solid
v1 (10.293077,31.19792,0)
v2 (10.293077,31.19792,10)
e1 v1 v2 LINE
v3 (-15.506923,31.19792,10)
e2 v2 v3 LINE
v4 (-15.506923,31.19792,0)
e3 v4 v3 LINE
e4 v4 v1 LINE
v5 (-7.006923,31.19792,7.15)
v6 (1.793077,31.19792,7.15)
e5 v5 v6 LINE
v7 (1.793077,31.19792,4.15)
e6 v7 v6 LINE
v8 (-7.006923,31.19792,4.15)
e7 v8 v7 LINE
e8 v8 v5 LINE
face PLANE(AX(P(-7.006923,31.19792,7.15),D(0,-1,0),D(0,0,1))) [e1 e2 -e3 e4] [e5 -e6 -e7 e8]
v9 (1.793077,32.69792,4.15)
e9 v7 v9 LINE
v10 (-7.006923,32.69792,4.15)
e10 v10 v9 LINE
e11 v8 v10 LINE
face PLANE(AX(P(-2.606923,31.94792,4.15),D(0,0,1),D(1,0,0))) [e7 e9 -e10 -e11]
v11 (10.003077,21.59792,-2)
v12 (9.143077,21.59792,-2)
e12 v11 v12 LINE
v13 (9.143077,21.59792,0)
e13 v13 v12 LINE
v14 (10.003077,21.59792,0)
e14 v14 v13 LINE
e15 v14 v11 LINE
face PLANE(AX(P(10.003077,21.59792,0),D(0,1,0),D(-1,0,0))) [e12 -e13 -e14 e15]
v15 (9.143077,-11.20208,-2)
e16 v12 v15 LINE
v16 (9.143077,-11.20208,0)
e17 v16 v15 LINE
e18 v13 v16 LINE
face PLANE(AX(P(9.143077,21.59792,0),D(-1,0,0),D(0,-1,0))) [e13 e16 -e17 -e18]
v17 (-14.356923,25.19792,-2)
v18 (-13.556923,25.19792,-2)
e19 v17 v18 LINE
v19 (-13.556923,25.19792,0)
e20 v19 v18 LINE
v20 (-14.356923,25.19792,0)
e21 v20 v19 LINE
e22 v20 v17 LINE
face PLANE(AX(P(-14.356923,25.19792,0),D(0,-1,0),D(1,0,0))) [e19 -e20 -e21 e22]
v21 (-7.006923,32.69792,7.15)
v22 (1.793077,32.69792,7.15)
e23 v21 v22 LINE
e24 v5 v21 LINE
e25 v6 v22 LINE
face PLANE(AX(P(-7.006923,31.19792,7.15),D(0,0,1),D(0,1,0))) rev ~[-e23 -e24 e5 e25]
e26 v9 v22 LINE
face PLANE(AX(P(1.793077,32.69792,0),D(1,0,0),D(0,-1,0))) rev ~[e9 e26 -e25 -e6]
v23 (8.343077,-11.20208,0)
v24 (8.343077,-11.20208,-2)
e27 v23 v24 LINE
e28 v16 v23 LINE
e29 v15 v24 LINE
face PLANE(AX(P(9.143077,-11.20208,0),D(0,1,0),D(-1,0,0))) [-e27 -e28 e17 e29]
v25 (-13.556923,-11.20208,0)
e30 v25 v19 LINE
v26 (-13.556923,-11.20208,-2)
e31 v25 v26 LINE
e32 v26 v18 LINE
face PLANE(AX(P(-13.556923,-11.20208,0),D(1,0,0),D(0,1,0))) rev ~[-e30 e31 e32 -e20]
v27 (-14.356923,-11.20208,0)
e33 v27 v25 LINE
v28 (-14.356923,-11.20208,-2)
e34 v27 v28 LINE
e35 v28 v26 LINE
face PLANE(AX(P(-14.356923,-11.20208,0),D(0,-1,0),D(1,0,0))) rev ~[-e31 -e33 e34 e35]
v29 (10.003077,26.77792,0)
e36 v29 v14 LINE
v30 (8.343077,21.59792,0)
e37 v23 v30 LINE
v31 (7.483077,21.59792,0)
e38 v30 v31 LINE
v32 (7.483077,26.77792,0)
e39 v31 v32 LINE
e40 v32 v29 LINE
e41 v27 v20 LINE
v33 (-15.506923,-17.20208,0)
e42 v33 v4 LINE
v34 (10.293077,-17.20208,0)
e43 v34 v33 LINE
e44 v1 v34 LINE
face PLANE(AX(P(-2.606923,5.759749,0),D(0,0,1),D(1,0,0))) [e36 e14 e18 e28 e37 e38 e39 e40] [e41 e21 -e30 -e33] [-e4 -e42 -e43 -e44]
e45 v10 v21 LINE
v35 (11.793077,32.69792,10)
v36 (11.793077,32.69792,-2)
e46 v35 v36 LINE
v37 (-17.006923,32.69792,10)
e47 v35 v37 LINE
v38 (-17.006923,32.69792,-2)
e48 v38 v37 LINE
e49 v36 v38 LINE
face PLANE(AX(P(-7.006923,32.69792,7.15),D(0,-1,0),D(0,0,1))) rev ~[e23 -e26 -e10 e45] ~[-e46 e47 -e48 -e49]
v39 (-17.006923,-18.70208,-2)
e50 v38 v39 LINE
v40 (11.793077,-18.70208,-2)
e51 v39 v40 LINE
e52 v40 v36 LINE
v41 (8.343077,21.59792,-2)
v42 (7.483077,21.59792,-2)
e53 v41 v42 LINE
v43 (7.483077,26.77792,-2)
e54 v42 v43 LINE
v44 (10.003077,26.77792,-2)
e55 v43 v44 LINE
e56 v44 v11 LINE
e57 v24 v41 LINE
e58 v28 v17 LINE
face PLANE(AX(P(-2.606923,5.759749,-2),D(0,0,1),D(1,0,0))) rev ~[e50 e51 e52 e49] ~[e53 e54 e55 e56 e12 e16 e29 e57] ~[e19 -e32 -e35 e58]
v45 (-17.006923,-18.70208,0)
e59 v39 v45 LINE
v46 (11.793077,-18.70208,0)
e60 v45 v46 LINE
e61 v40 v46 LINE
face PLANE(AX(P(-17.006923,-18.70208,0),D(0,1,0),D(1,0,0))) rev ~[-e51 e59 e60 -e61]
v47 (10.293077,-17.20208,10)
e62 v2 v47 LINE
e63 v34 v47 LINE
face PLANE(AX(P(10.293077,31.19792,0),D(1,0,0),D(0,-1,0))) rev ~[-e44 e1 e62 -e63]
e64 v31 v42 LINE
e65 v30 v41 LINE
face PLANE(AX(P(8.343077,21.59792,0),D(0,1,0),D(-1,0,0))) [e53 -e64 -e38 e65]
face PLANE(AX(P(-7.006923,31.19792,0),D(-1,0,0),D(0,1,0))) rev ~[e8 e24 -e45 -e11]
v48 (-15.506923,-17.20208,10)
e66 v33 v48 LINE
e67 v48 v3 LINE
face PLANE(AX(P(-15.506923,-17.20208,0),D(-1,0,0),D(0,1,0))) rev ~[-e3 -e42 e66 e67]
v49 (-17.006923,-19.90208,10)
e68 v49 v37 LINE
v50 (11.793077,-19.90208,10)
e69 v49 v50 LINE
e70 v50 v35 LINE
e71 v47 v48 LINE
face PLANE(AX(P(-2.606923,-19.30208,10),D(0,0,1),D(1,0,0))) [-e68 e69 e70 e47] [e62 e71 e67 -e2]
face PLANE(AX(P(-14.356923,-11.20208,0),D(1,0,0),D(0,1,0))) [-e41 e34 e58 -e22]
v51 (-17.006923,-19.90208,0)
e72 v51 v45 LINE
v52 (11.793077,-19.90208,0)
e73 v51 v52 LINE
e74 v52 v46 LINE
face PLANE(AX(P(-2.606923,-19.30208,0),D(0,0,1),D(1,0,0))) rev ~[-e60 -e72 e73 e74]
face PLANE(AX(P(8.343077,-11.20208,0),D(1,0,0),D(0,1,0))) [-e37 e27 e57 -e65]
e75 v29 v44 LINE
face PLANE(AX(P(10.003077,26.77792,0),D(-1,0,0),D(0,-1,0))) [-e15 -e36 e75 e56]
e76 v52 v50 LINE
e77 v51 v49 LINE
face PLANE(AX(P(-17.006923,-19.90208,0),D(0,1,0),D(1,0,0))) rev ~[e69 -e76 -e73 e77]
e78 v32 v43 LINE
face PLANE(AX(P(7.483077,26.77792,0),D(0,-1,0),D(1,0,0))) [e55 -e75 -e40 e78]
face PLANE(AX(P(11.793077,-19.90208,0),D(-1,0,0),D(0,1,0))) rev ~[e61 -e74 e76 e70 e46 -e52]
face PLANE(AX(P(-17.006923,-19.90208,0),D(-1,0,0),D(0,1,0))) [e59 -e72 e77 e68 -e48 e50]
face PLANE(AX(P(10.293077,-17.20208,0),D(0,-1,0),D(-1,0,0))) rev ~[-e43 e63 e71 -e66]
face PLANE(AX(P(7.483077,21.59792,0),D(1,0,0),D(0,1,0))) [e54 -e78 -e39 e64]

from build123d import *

# Parameters (mm, degrees)
F0_W     = 0.8
F0_H     = 36.4
F0_W_2   = 8.8
F0_H_2   = 1.5
F1_DEPTH = 2
F2_DEPTH = 10
F3_DEPTH = 4.15
F0_H_3   = 3.6
F4_DEPTH = 2
F5_W     = 1.5
F5_H     = 2.85
F6_DEPTH = 8.8
F0_W_3   = 28.8
F0_H_4   = 1.2
F7_DEPTH = 10


with BuildPart() as f1:
    # F0 (on Top) → F1 (new body)
    with BuildSketch(Plane.XY):
        Polygon((-15.506923, -17.20208), (-15.506923, 31.19792), (-7.006923, 31.19792), (-7.006923, 32.69792), (-17.006923, 32.69792), (-17.006923, -18.70208), (11.793077, -18.70208), (11.793077, 32.69792), (1.793077, 32.69792), (1.793077, 31.19792), (10.293077, 31.19792), (10.293077, -17.20208), align=None)
        Polygon((-7.006923, 31.19792), (-15.506923, 31.19792), (-15.506923, -17.20208), (10.293077, -17.20208), (10.293077, 31.19792), (1.793077, 31.19792), align=None)
        with Locations((-13.956923, 6.99792)):
            Rectangle(F0_W, F0_H, mode=Mode.SUBTRACT)
        Polygon((8.343077, -11.20208), (8.343077, 21.59792), (7.483077, 21.59792), (7.483077, 26.77792), (8.743077, 26.77792), (10.003077, 26.77792), (10.003077, 21.59792), (9.143077, 21.59792), (9.143077, -11.20208), align=None, mode=Mode.SUBTRACT)
        with Locations((-2.606923, 31.94792)):
            Rectangle(F0_W_2, F0_H_2)
    extrude(amount=-F1_DEPTH)

    # F0 (on Top) → F2 (join)
    with BuildSketch(Plane.XY):
        Polygon((-15.506923, -17.20208), (-15.506923, 31.19792), (-7.006923, 31.19792), (-7.006923, 32.69792), (-17.006923, 32.69792), (-17.006923, -18.70208), (11.793077, -18.70208), (11.793077, 32.69792), (1.793077, 32.69792), (1.793077, 31.19792), (10.293077, 31.19792), (10.293077, -17.20208), align=None)
    extrude(amount=F2_DEPTH)

    # F0 (on Top) → F3 (join)
    with BuildSketch(Plane.XY):
        with Locations((-2.606923, 31.94792)):
            Rectangle(F0_W_2, F0_H_2)
    extrude(amount=F3_DEPTH)

    # F0 (on Top) → F4 (cut)
    with BuildSketch(Plane.XY):
        with Locations((-13.956923, 6.99792)):
            Rectangle(F0_W, F0_H)
        with Locations((8.743077, 23.39792)):
            Rectangle(F0_W, F0_H_3)
    extrude(amount=-F4_DEPTH, mode=Mode.SUBTRACT)

    # F5 (on face) → F6 (join)
    with BuildSketch(Plane.YZ.offset(-7.006923)):
        with Locations((31.94792, 8.575)):
            Rectangle(F5_W, F5_H)
    extrude(amount=F6_DEPTH)

    # F0 (on Top) → F7 (join)
    with BuildSketch(Plane.XY):
        with Locations((-2.606923, -19.30208)):
            Rectangle(F0_W_3, F0_H_4)
    extrude(amount=F7_DEPTH)


solid = f1.part
